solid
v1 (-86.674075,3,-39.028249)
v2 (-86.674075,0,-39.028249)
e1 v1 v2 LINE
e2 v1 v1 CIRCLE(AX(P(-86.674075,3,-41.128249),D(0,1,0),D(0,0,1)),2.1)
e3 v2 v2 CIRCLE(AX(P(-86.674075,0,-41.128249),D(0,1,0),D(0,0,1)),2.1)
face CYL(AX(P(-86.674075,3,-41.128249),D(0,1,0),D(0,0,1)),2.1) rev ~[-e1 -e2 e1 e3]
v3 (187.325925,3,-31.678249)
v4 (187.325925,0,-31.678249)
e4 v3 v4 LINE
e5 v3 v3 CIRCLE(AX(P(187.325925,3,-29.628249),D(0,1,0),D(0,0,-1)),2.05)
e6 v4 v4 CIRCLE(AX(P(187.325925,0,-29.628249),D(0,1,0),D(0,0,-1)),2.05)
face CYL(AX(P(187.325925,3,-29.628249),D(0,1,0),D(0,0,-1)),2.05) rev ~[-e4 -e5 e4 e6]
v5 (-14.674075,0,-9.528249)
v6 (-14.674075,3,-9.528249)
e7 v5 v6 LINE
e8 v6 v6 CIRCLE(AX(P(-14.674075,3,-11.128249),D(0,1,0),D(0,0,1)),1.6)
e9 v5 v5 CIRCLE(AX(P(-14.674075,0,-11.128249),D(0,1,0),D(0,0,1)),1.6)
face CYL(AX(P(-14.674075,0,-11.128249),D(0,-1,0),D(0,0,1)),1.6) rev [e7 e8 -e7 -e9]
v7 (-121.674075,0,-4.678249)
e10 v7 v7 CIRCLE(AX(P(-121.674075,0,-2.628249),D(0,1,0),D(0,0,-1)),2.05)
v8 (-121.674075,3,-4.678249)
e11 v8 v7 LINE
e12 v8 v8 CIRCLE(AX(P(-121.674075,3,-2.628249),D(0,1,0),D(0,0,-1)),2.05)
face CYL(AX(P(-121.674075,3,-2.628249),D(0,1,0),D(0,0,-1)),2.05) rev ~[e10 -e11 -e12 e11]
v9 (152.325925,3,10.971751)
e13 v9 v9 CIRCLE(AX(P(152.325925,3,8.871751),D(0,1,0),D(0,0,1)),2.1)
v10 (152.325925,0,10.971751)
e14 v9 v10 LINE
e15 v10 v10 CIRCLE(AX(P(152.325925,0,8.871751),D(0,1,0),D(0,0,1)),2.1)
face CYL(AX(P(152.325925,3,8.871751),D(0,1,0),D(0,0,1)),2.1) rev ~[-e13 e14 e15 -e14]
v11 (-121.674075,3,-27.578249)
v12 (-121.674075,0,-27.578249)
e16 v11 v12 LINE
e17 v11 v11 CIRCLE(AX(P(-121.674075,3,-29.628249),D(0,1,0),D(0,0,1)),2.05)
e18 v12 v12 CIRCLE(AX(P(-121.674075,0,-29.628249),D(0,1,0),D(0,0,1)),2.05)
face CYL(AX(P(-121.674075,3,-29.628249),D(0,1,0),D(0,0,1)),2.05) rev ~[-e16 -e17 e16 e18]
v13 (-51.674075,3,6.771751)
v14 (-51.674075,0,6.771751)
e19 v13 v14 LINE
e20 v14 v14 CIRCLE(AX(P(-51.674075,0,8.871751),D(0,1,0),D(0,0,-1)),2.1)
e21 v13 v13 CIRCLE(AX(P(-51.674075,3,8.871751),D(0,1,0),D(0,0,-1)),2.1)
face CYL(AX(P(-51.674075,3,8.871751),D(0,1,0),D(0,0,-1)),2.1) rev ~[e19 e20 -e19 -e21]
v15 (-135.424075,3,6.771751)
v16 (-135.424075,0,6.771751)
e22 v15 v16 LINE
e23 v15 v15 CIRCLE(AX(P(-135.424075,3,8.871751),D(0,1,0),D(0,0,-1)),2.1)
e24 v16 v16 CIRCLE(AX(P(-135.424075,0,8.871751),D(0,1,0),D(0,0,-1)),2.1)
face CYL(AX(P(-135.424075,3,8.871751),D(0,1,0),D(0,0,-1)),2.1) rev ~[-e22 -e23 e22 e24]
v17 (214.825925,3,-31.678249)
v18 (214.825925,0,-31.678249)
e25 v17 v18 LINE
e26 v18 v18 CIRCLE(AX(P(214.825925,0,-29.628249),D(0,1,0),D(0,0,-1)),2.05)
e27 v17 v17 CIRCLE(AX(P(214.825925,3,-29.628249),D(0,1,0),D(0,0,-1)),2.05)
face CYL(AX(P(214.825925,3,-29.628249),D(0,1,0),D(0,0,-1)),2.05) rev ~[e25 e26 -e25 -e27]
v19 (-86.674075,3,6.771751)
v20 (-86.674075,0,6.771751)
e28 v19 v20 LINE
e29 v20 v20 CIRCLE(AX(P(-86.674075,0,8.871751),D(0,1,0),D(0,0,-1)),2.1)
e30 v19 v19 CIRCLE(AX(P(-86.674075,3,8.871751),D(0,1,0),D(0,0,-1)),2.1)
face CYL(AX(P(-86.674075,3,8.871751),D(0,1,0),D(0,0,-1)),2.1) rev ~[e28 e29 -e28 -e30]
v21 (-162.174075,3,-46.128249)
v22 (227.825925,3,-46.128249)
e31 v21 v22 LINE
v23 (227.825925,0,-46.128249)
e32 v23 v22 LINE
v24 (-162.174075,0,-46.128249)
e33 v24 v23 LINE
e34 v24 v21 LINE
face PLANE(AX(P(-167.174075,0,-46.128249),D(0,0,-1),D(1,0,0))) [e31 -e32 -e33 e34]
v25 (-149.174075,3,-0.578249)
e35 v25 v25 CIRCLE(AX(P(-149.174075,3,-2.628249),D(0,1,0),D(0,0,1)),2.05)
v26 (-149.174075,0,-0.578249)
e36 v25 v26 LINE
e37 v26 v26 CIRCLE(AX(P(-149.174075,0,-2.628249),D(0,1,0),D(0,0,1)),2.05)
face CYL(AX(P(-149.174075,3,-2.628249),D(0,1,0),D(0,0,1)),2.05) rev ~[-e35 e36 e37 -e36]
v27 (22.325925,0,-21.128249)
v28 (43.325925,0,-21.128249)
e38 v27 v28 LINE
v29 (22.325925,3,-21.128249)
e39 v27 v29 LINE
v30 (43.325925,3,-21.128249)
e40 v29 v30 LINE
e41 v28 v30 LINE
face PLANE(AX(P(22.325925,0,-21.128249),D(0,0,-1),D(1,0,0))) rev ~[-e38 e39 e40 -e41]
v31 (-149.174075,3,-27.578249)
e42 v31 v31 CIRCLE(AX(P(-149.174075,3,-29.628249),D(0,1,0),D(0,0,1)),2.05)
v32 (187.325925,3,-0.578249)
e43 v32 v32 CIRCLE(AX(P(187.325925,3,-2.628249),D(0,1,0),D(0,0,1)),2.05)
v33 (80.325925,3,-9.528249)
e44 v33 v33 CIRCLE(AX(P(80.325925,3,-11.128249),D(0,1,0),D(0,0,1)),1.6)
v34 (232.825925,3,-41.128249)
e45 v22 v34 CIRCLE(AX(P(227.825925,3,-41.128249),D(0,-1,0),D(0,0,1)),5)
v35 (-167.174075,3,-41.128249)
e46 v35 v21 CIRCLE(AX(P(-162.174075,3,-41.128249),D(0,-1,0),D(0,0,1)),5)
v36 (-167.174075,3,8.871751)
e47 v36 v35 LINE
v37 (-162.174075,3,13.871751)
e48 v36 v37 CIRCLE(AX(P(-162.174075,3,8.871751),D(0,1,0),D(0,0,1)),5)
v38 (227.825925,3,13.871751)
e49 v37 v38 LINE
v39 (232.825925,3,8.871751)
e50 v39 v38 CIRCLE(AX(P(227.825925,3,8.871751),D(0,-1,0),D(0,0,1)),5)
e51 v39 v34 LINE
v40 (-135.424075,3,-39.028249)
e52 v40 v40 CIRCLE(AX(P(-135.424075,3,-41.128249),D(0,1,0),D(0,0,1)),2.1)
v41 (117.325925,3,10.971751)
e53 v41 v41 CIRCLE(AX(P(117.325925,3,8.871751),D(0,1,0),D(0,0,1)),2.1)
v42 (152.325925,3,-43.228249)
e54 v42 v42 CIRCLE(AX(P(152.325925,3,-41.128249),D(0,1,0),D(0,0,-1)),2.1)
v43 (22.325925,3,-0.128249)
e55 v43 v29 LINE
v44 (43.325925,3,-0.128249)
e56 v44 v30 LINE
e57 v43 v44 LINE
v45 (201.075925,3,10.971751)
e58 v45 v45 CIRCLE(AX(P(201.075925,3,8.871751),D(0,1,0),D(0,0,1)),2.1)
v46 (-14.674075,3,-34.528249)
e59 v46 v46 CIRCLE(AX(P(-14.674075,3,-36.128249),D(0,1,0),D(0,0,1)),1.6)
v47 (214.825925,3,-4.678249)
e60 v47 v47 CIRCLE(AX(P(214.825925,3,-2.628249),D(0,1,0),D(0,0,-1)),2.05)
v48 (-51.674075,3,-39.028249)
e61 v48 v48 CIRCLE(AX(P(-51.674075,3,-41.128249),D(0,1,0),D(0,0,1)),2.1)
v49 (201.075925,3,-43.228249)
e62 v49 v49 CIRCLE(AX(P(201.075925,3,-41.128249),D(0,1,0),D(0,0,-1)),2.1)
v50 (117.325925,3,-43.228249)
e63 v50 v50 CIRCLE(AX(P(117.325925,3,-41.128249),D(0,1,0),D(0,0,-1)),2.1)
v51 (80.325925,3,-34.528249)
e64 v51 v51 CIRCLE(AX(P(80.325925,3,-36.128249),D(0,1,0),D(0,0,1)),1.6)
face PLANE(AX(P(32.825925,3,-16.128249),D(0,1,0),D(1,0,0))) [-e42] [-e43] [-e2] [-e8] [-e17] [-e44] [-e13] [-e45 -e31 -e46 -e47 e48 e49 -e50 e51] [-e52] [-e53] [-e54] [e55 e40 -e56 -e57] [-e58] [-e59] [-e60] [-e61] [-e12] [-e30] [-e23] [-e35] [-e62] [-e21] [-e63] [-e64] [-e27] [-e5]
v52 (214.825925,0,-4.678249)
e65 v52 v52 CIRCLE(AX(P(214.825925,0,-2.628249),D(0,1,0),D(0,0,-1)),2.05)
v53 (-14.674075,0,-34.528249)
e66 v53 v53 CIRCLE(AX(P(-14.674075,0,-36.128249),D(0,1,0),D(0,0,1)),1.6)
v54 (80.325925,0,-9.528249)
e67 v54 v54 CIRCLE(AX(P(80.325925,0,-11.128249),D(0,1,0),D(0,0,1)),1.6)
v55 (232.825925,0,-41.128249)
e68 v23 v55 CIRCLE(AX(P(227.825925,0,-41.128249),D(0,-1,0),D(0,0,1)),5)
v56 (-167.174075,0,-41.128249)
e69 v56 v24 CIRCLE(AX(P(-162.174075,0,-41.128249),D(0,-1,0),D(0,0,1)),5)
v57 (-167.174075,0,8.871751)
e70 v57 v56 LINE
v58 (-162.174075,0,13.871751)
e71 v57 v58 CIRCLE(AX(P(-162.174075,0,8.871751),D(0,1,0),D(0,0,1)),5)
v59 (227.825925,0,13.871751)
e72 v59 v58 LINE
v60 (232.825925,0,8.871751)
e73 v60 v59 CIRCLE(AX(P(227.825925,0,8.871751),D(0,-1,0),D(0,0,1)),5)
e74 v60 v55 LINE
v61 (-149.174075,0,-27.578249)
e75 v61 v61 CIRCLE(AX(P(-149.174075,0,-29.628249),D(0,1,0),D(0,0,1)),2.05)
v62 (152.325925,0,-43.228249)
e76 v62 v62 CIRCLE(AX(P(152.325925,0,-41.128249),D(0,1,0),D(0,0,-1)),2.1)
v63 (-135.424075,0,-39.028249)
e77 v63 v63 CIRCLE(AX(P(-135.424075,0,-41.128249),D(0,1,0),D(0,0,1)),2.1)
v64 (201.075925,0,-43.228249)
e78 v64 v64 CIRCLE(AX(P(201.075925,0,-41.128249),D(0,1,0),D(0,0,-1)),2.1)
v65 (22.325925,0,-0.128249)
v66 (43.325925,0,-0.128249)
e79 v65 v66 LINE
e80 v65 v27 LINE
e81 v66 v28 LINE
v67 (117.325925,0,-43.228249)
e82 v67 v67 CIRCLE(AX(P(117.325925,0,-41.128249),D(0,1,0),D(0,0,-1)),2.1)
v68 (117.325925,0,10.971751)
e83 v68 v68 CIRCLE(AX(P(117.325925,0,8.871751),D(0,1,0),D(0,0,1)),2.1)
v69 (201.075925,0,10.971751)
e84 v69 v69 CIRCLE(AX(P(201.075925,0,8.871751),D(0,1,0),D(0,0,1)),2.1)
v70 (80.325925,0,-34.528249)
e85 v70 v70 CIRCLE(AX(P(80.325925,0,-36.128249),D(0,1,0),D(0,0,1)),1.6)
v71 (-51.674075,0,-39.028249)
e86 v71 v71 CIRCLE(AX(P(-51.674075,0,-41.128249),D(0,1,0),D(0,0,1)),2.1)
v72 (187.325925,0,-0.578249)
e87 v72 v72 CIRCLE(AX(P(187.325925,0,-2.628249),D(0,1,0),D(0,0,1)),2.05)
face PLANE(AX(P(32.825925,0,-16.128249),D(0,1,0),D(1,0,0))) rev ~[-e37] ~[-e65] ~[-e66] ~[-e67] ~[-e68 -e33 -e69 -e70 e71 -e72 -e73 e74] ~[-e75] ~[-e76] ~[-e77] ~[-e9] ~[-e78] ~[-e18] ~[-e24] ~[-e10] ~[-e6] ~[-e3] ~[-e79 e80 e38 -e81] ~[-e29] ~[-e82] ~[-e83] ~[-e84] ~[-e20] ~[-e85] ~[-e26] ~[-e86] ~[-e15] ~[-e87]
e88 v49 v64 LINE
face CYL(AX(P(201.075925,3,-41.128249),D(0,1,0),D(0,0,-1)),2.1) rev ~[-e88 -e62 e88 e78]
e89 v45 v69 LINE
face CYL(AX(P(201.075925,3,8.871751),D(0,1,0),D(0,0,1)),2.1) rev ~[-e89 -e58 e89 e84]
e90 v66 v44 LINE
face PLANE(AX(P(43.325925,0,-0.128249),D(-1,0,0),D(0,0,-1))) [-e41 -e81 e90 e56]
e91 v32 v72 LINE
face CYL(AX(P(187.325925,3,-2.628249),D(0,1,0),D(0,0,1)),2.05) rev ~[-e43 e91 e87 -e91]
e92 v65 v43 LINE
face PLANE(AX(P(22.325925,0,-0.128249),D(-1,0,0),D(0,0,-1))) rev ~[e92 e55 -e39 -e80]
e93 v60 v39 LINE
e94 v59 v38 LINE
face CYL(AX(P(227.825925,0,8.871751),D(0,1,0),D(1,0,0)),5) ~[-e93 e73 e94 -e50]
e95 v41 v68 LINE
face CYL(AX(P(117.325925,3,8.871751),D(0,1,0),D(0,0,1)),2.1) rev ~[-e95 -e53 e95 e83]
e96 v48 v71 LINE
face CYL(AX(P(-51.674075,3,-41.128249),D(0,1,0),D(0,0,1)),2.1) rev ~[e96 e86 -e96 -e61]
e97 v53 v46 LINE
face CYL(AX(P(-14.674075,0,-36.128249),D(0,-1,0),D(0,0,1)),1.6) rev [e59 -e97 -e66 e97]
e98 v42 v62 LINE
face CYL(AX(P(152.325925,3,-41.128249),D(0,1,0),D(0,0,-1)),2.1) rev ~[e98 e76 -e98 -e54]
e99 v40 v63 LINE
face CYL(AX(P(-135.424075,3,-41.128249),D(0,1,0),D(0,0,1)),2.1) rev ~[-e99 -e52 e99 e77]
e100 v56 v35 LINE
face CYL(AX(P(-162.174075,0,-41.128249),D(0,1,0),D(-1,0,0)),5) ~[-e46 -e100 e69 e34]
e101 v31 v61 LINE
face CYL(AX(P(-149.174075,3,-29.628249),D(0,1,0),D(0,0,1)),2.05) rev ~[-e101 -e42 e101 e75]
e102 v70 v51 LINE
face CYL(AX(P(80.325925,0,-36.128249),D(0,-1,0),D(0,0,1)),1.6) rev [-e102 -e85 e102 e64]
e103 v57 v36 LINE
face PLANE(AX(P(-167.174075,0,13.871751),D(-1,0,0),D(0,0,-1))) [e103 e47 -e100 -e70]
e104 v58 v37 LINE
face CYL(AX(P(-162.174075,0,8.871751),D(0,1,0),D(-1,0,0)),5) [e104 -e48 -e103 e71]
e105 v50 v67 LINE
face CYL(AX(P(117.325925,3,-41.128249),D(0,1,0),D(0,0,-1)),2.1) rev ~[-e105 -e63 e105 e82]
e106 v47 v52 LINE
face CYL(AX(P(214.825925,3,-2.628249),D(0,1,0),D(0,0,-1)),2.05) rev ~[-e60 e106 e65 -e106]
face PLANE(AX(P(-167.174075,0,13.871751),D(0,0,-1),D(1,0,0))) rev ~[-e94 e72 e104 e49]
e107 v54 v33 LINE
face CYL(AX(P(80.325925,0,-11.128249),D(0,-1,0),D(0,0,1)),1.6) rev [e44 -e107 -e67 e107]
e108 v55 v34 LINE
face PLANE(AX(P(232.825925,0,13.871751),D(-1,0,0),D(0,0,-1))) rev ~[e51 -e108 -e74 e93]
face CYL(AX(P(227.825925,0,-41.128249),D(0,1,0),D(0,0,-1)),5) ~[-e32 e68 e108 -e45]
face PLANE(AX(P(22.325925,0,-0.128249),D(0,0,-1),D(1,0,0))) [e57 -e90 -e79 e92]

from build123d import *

# Parameters (mm, degrees)
SKETCH_1_W          = 400
SKETCH_1_H          = 60
SKETCH_1_R          = 1.6
SKETCH_1_W_2        = 21
SKETCH_1_H_2        = 21
SKETCH_1_W_3        = 240
SKETCH_1_H_3        = 75
SKETCH_1_R_2        = 20
EXTRUDE_1468_DEPTH  = 3
SKETCH_2_R          = 2.05
SKETCH_2_R_2        = 2.1
CUT_EXTRUDE_1_DEPTH = 250.229009796
FILLET_1_R          = 5
SKETCH1_R           = 2.1
CUT_EXTRUDE4_DEPTH  = 250.229009796
CUT_EXTRUDE_2_DEPTH = 10


with BuildPart() as part:
    # 草图1 → Extrude 1468 (new body)
    # profile 1 of 2: a face of its own
    with BuildSketch(Plane(origin=(0, 0, 0), x_dir=(1, 0, 0), z_dir=(0, 1, 0))):
        with Locations((32.825924772, 16.128249268)):
            Rectangle(SKETCH_1_W, SKETCH_1_H)
        with Locations(Location((-14.674075228, 36.128249268, 0), (0, 0, 270))):
            Circle(SKETCH_1_R, mode=Mode.SUBTRACT)
        with Locations(Location((-14.674075228, 11.128249268, 0), (0, 0, 270))):
            Circle(SKETCH_1_R, mode=Mode.SUBTRACT)
        with Locations(Location((80.325924772, 11.128249268, 0), (0, 0, 270))):
            Circle(SKETCH_1_R, mode=Mode.SUBTRACT)
        with Locations(Location((80.325924772, 36.128249268, 0), (0, 0, 270))):
            Circle(SKETCH_1_R, mode=Mode.SUBTRACT)
        with Locations((32.825924772, 10.628249268)):
            Rectangle(SKETCH_1_W_2, SKETCH_1_H_2, mode=Mode.SUBTRACT)
    # profile 2 of 2: a face of its own
    with BuildSketch(Plane(origin=(0, 0, 0), x_dir=(1, 0, 0), z_dir=(0, 1, 0))):
        with Locations((32.825924772, -51.371750732)):
            Rectangle(SKETCH_1_W_3, SKETCH_1_H_3)
        with Locations(Location((7.825924772, -29.871750732, 0), (0, 0, 270))):
            Circle(SKETCH_1_R, mode=Mode.SUBTRACT)
        with Locations(Location((7.825924772, -79.871750732, 0), (0, 0, 270))):
            Circle(SKETCH_1_R, mode=Mode.SUBTRACT)
        with Locations(Location((57.825924772, -79.871750732, 0), (0, 0, 270))):
            Circle(SKETCH_1_R, mode=Mode.SUBTRACT)
        with Locations(Location((57.825924772, -29.871750732, 0), (0, 0, 270))):
            Circle(SKETCH_1_R, mode=Mode.SUBTRACT)
        with Locations(Location((32.825924772, -54.871750732, 0), (0, 0, 270))):
            Circle(SKETCH_1_R_2, mode=Mode.SUBTRACT)
    extrude(amount=EXTRUDE_1468_DEPTH)

    # 草图2 → 切除-拉伸1 (cut, through all)
    with BuildSketch(Plane(origin=(0, 3, 0), x_dir=(1, 0, 0), z_dir=(0, 1, 0))):
        with Locations(Location((-149.174075228, 29.628249268, 0), (0, 0, 270))):
            Circle(SKETCH_2_R)
        with Locations(Location((-149.174075228, 2.628249268, 0), (0, 0, 270))):
            Circle(SKETCH_2_R)
        with Locations(Location((-121.674075228, 29.628249268, 0), (0, 0, 270))):
            Circle(SKETCH_2_R)
        with Locations(Location((-121.674075228, 2.628249268, 0), (0, 0, 90))):
            Circle(SKETCH_2_R)
        with Locations(Location((-51.674075228, 41.128249268, 0), (0, 0, 270))):
            Circle(SKETCH_2_R_2)
        with Locations(Location((-86.674075228, 41.128249268, 0), (0, 0, 270))):
            Circle(SKETCH_2_R_2)
        with Locations(Location((-51.674075228, -8.871750732, 0), (0, 0, 90))):
            Circle(SKETCH_2_R_2)
        with Locations(Location((-86.674075228, -8.871750732, 0), (0, 0, 90))):
            Circle(SKETCH_2_R_2)
        with Locations(Location((-135.424075228, 41.128249268, 0), (0, 0, 270))):
            Circle(SKETCH_2_R_2)
        with Locations(Location((-135.424075228, -8.871750732, 0), (0, 0, 90))):
            Circle(SKETCH_2_R_2)
        with Locations(Location((201.075924772, -8.871750732, 0), (0, 0, 270))):
            Circle(SKETCH_2_R_2)
        with Locations(Location((201.075924772, 41.128249268, 0), (0, 0, 90))):
            Circle(SKETCH_2_R_2)
        with Locations(Location((152.325924772, -8.871750732, 0), (0, 0, 270))):
            Circle(SKETCH_2_R_2)
        with Locations(Location((117.325924772, -8.871750732, 0), (0, 0, 270))):
            Circle(SKETCH_2_R_2)
        with Locations(Location((152.325924772, 41.128249268, 0), (0, 0, 90))):
            Circle(SKETCH_2_R_2)
        with Locations(Location((117.325924772, 41.128249268, 0), (0, 0, 90))):
            Circle(SKETCH_2_R_2)
        with Locations(Location((187.325924772, 2.628249268, 0), (0, 0, 270))):
            Circle(SKETCH_2_R)
        with Locations(Location((187.325924772, 29.628249268, 0), (0, 0, 90))):
            Circle(SKETCH_2_R)
        with Locations(Location((214.825924772, 2.628249268, 0), (0, 0, 90))):
            Circle(SKETCH_2_R)
        with Locations(Location((214.825924772, 29.628249268, 0), (0, 0, 90))):
            Circle(SKETCH_2_R)
    extrude(amount=-CUT_EXTRUDE_1_DEPTH, mode=Mode.SUBTRACT)

    # 圆角1
    fillet_1_edges = [part.edges().sort_by_distance(p)[0] for p in [
        (-167.174075228, 1.5, 13.871750732),
        (-167.174075228, 1.5, -46.128249268),
        (232.825924772, 1.5, -46.128249268),
        (232.825924772, 1.5, 13.871750732),
        (152.825924772, 1.5, 13.871750732),
        (152.825924772, 1.5, 88.871750732),
        (-87.174075228, 1.5, 88.871750732),
        (-87.174075228, 1.5, 13.871750732),
    ]]
    fillet(fillet_1_edges, radius=FILLET_1_R)

    # Sketch1 → Cut-Extrude4 (cut, through all)
    with BuildSketch(Plane(origin=(0, 0, 0), x_dir=(1, 0, 0), z_dir=(0, 1, 0))):
        with Locations(Location((-72.174075228, -33.871750732, 0), (0, 0, 270))):
            Circle(SKETCH1_R)
        with Locations(Location((-72.174075228, -68.871750732, 0), (0, 0, 270))):
            Circle(SKETCH1_R)
        with Locations(Location((137.825924772, -68.871750732, 0), (0, 0, 90))):
            Circle(SKETCH1_R)
        with Locations(Location((137.825924772, -33.871750732, 0), (0, 0, 90))):
            Circle(SKETCH1_R)
        with BuildLine():
            Line((-42.174075228, -68.871750732), (-42.174075228, -33.871750732))
            ThreePointArc((-42.174075228, -33.871750732), (-32.174075228, -23.871750732), (-22.174075228, -33.871750732))
            Line((-22.174075228, -33.871750732), (-22.174075228, -68.871750732))
            ThreePointArc((-22.174075228, -68.871750732), (-32.174075228, -78.871750732), (-42.174075228, -68.871750732))
        make_face()
        with BuildLine():
            Line((107.825924772, -68.871750732), (107.825924772, -33.871750732))
            ThreePointArc((107.825924772, -33.871750732), (97.825924772, -23.871750732), (87.825924772, -33.871750732))
            Line((87.825924772, -33.871750732), (87.825924772, -68.871750732))
            ThreePointArc((87.825924772, -68.871750732), (97.825924772, -78.871750732), (107.825924772, -68.871750732))
        make_face()
    extrude(amount=CUT_EXTRUDE4_DEPTH, mode=Mode.SUBTRACT)

    # 草图3 → 切除-拉伸2 (cut)
    with BuildSketch(Plane(origin=(0, 3, 0), x_dir=(1, 0, 0), z_dir=(0, 1, 0))):
        with BuildLine():
            ThreePointArc((157.825924772, -13.871750732), (154.290390866, -15.336216826), (152.825924772, -18.871750732))
            Line((152.825924772, -18.871750732), (152.825924772, -83.871750732))
            ThreePointArc((152.825924772, -83.871750732), (151.361458678, -87.407284637), (147.825924772, -88.871750732))
            Line((147.825924772, -88.871750732), (-82.174075228, -88.871750732))
            ThreePointArc((-82.174075228, -88.871750732), (-85.709609134, -87.407284637), (-87.174075228, -83.871750732))
            Line((-87.174075228, -83.871750732), (-87.174075228, -18.871750732))
            ThreePointArc((-87.174075228, -18.871750732), (-88.638541322, -15.336216826), (-92.174075228, -13.871750732))
            Line((-92.174075228, -13.871750732), (157.825924772, -13.871750732))
        make_face()
    extrude(amount=-CUT_EXTRUDE_2_DEPTH, mode=Mode.SUBTRACT)


solid = part.part
